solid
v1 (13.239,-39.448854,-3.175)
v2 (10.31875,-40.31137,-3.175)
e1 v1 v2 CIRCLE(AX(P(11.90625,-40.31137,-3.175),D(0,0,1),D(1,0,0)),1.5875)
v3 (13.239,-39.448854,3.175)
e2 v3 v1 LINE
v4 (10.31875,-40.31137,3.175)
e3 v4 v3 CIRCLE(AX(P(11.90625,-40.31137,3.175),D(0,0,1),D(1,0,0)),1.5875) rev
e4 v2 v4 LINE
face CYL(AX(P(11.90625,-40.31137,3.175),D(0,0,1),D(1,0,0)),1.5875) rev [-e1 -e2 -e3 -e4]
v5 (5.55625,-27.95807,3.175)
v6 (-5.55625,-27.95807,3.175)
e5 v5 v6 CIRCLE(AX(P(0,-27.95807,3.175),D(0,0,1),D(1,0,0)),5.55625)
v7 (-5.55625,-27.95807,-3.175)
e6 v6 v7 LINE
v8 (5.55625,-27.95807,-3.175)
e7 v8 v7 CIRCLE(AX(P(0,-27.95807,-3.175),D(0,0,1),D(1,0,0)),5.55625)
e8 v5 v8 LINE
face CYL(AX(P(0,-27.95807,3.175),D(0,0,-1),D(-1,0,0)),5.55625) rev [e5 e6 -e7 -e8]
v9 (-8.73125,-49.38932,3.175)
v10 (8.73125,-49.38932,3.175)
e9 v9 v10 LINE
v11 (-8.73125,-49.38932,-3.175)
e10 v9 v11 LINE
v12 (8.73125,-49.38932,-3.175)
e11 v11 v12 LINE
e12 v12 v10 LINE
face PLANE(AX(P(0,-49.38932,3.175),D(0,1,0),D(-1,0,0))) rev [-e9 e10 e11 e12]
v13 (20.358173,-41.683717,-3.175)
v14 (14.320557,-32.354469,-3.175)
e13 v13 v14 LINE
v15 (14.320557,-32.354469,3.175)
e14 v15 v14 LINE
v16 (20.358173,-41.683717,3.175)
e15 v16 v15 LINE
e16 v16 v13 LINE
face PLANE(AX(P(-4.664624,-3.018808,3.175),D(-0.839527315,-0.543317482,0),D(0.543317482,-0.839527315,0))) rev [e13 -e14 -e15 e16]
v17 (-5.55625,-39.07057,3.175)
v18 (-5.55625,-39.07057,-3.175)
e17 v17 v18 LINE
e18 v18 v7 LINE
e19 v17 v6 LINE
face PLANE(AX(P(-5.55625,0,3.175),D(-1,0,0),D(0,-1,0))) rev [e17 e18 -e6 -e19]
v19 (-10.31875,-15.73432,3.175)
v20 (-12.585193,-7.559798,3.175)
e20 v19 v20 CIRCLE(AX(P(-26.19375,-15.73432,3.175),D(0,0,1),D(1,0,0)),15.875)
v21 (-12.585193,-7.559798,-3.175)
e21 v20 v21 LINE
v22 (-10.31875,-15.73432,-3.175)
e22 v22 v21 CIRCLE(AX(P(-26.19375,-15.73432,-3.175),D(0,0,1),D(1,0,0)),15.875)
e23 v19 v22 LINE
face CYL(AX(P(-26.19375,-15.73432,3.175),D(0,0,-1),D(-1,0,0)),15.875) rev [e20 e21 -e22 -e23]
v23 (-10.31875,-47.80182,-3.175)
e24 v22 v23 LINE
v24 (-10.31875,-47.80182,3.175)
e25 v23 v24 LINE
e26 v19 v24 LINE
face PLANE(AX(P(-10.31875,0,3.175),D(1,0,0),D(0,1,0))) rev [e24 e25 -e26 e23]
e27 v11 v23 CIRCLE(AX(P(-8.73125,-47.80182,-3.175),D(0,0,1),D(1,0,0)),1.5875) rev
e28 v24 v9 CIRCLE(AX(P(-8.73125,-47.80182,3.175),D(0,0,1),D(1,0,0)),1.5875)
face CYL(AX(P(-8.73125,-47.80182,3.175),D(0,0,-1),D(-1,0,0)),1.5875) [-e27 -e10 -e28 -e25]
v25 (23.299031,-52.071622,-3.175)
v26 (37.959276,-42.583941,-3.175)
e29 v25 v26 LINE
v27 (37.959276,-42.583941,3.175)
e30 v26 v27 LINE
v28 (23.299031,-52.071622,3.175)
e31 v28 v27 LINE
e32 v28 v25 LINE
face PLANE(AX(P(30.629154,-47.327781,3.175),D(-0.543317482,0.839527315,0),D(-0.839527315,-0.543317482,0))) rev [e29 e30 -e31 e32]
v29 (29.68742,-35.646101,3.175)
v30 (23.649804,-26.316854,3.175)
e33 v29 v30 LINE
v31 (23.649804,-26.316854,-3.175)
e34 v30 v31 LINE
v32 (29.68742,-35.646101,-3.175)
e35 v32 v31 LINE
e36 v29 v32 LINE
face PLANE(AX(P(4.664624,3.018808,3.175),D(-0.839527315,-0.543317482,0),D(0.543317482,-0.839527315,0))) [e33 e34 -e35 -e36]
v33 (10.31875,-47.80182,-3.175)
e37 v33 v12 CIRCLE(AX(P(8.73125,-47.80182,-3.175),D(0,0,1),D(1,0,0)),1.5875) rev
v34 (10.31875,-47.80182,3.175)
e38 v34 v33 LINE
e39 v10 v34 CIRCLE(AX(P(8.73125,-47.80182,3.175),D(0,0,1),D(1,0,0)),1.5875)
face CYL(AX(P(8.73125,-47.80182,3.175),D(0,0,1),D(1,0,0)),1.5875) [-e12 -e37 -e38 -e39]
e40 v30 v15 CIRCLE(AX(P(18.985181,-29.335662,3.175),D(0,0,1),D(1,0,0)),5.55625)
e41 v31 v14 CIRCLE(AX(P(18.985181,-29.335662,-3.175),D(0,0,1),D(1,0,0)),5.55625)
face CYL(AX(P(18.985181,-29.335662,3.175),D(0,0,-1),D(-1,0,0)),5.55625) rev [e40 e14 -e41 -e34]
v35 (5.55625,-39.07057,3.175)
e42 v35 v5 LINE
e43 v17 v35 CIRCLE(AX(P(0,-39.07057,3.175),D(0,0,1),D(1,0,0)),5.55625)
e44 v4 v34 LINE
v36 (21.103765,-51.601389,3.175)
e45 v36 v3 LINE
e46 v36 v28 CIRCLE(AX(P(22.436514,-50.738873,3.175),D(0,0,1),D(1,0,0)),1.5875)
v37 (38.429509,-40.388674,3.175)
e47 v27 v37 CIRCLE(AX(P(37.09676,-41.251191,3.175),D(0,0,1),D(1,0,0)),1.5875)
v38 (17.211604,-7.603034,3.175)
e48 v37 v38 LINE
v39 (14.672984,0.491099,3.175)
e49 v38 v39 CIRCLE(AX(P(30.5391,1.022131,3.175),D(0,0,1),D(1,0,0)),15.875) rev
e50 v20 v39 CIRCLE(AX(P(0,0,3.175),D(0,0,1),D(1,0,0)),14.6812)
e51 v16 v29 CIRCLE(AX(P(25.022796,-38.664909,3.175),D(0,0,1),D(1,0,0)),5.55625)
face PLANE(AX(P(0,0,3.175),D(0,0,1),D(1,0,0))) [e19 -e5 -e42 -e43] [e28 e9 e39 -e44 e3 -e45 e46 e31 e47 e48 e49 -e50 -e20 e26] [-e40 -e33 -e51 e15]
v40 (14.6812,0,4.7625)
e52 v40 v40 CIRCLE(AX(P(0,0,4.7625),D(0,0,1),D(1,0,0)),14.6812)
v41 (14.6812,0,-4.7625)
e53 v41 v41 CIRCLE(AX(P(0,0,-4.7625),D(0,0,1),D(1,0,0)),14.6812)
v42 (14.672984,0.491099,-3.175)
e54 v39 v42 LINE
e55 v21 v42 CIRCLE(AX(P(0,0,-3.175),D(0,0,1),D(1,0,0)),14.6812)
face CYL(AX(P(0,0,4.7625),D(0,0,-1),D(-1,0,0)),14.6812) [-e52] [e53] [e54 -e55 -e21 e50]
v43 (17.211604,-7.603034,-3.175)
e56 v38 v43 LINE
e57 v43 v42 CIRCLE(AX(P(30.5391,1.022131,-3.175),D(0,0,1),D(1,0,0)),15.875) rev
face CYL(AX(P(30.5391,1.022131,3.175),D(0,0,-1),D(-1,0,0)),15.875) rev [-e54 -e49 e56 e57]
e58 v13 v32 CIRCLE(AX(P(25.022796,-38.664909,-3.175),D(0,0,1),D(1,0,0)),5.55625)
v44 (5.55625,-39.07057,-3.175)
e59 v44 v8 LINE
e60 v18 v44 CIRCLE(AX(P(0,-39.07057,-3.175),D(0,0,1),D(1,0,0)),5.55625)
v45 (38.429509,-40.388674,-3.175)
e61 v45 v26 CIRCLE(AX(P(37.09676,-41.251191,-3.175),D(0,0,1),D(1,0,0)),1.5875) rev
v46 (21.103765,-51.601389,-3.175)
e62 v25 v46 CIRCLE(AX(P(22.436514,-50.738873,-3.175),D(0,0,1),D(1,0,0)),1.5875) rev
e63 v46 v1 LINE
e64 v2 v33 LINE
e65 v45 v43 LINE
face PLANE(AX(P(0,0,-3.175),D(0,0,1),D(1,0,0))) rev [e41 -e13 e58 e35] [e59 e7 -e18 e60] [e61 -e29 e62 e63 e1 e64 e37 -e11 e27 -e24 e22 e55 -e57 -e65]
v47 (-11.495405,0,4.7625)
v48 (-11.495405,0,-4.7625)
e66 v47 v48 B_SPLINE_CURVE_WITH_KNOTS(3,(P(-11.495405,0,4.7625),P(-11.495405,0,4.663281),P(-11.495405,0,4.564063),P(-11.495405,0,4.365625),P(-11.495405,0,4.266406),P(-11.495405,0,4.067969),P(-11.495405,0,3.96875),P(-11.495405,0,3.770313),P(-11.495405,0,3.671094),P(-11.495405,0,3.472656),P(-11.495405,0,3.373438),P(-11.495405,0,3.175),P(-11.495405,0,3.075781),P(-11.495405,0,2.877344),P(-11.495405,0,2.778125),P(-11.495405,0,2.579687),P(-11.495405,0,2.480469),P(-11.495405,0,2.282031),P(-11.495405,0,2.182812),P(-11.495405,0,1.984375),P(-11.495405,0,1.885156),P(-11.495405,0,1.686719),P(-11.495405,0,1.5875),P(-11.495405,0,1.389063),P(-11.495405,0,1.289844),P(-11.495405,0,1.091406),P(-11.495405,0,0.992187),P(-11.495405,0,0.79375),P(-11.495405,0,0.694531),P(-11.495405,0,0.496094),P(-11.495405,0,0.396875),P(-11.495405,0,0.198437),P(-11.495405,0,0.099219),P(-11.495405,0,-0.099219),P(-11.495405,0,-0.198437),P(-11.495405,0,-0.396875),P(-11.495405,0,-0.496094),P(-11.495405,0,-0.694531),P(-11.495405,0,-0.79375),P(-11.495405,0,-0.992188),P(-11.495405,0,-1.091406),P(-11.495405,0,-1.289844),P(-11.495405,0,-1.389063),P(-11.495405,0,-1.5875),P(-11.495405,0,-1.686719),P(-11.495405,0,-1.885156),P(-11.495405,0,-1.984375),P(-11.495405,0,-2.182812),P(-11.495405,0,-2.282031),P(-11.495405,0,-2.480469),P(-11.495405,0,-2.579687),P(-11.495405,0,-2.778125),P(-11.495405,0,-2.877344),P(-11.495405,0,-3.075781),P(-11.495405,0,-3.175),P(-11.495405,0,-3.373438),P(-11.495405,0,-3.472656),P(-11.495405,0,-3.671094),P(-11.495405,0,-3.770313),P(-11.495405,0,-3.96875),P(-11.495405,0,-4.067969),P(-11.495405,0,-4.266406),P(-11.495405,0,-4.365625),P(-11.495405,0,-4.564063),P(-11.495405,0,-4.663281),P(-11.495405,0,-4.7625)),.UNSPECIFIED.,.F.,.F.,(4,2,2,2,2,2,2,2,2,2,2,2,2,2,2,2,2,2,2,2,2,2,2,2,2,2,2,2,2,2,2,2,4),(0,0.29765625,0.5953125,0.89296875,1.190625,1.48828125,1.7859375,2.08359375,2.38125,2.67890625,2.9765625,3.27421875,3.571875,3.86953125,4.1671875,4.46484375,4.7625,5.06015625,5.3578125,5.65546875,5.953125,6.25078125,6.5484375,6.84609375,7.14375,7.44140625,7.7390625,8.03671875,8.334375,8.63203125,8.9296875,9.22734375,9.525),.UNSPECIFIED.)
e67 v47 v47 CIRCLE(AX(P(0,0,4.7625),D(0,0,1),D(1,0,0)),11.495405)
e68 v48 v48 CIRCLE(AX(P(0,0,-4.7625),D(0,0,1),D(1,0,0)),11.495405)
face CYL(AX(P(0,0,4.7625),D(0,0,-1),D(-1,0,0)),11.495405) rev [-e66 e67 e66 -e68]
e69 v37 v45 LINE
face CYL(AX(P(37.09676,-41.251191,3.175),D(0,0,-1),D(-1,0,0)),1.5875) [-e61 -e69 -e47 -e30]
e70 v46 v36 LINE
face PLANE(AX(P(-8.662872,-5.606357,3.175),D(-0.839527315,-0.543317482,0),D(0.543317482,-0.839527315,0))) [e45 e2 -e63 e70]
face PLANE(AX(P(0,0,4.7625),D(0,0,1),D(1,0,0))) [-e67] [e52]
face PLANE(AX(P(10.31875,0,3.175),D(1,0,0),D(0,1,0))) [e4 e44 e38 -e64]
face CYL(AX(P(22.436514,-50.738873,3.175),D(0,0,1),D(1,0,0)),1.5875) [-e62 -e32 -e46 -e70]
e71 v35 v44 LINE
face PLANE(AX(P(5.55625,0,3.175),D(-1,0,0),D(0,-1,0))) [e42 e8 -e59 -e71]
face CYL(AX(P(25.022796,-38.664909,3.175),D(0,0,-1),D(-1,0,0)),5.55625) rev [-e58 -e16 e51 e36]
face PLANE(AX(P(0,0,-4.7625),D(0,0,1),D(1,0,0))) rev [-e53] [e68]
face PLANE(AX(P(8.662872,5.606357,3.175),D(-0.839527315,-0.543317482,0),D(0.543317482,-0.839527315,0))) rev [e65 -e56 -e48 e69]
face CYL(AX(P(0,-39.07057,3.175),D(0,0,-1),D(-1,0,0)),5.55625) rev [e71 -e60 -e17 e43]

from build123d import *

# Parameters (mm, degrees)
SKETCH1_R           = 11.495405
BOSS_EXTRUDE2_DEPTH = 4.7625
BOSS_EXTRUDE3_DEPTH = 3.175
FILLET1_R           = 1.5875


with BuildPart() as part:
    # Sketch1 → Boss-Extrude2 (new, symmetric)
    with BuildSketch(Plane.XY):
        with BuildLine():
            ThreePointArc((14.672983865, 0.491098707), (-4.158599684, 14.079903484), (-12.585193267, -7.559797873))
            ThreePointArc((-12.585193267, -7.559797873), (4.158599684, -14.079903484), (14.672983865, 0.491098707))
        make_face()
        Circle(SKETCH1_R, mode=Mode.SUBTRACT)
    extrude(amount=BOSS_EXTRUDE2_DEPTH, both=True)

    # Sketch1<4> → Boss-Extrude3 (add, symmetric)
    with BuildSketch(Plane.XY):
        with BuildLine():
            ThreePointArc((-12.585193267, -7.559797873), (-10.89585042, -11.492870345), (-10.31875, -15.734319794))
            Line((-10.31875, -15.734319794), (-10.31875, -49.389319794))
            Line((-10.31875, -49.389319794), (10.31875, -49.389319794))
            Line((10.31875, -49.389319794), (10.31875, -34.936520731))
            Line((10.31875, -34.936520731), (21.966281014, -52.934138627))
            Line((21.966281014, -52.934138627), (39.292025986, -41.721424085))
            Line((39.292025986, -41.721424085), (17.211603503, -7.603033986))
            ThreePointArc((17.211603503, -7.603033986), (15.391641433, -3.728672569), (14.672983865, 0.491098707))
            ThreePointArc((14.672983865, 0.491098707), (4.158599684, -14.079903484), (-12.585193267, -7.559797873))
        make_face()
        with BuildLine():
            ThreePointArc((5.55625, -39.070569794), (0, -44.626819794), (-5.55625, -39.070569794))
            Line((-5.55625, -39.070569794), (-5.55625, -27.958069794))
            ThreePointArc((-5.55625, -27.958069794), (0, -22.401819794), (5.55625, -27.958069794))
            Line((5.55625, -27.958069794), (5.55625, -39.070569794))
        make_face(mode=Mode.SUBTRACT)
        with BuildLine():
            ThreePointArc((29.687419875, -35.646101109), (28.04160399, -43.329532516), (20.358172583, -41.683716631))
            Line((20.358172583, -41.683716631), (14.32055706, -32.354469339))
            ThreePointArc((14.32055706, -32.354469339), (15.966372945, -24.671037931), (23.649804353, -26.316853816))
            Line((23.649804353, -26.316853816), (29.687419875, -35.646101109))
        make_face(mode=Mode.SUBTRACT)
    extrude(amount=BOSS_EXTRUDE3_DEPTH, both=True)

    # Fillet1
    fillet1_edges = [part.edges().sort_by_distance(p)[0] for p in [
        (-10.31875, -49.389319794, 0),
        (39.292025986, -41.721424085, 0),
        (10.31875, -49.389319794, 0),
        (21.966281014, -52.934138627, 0),
        (10.31875, -34.936520731, 0),
    ]]
    fillet(fillet1_edges, radius=FILLET1_R)


solid = part.part
